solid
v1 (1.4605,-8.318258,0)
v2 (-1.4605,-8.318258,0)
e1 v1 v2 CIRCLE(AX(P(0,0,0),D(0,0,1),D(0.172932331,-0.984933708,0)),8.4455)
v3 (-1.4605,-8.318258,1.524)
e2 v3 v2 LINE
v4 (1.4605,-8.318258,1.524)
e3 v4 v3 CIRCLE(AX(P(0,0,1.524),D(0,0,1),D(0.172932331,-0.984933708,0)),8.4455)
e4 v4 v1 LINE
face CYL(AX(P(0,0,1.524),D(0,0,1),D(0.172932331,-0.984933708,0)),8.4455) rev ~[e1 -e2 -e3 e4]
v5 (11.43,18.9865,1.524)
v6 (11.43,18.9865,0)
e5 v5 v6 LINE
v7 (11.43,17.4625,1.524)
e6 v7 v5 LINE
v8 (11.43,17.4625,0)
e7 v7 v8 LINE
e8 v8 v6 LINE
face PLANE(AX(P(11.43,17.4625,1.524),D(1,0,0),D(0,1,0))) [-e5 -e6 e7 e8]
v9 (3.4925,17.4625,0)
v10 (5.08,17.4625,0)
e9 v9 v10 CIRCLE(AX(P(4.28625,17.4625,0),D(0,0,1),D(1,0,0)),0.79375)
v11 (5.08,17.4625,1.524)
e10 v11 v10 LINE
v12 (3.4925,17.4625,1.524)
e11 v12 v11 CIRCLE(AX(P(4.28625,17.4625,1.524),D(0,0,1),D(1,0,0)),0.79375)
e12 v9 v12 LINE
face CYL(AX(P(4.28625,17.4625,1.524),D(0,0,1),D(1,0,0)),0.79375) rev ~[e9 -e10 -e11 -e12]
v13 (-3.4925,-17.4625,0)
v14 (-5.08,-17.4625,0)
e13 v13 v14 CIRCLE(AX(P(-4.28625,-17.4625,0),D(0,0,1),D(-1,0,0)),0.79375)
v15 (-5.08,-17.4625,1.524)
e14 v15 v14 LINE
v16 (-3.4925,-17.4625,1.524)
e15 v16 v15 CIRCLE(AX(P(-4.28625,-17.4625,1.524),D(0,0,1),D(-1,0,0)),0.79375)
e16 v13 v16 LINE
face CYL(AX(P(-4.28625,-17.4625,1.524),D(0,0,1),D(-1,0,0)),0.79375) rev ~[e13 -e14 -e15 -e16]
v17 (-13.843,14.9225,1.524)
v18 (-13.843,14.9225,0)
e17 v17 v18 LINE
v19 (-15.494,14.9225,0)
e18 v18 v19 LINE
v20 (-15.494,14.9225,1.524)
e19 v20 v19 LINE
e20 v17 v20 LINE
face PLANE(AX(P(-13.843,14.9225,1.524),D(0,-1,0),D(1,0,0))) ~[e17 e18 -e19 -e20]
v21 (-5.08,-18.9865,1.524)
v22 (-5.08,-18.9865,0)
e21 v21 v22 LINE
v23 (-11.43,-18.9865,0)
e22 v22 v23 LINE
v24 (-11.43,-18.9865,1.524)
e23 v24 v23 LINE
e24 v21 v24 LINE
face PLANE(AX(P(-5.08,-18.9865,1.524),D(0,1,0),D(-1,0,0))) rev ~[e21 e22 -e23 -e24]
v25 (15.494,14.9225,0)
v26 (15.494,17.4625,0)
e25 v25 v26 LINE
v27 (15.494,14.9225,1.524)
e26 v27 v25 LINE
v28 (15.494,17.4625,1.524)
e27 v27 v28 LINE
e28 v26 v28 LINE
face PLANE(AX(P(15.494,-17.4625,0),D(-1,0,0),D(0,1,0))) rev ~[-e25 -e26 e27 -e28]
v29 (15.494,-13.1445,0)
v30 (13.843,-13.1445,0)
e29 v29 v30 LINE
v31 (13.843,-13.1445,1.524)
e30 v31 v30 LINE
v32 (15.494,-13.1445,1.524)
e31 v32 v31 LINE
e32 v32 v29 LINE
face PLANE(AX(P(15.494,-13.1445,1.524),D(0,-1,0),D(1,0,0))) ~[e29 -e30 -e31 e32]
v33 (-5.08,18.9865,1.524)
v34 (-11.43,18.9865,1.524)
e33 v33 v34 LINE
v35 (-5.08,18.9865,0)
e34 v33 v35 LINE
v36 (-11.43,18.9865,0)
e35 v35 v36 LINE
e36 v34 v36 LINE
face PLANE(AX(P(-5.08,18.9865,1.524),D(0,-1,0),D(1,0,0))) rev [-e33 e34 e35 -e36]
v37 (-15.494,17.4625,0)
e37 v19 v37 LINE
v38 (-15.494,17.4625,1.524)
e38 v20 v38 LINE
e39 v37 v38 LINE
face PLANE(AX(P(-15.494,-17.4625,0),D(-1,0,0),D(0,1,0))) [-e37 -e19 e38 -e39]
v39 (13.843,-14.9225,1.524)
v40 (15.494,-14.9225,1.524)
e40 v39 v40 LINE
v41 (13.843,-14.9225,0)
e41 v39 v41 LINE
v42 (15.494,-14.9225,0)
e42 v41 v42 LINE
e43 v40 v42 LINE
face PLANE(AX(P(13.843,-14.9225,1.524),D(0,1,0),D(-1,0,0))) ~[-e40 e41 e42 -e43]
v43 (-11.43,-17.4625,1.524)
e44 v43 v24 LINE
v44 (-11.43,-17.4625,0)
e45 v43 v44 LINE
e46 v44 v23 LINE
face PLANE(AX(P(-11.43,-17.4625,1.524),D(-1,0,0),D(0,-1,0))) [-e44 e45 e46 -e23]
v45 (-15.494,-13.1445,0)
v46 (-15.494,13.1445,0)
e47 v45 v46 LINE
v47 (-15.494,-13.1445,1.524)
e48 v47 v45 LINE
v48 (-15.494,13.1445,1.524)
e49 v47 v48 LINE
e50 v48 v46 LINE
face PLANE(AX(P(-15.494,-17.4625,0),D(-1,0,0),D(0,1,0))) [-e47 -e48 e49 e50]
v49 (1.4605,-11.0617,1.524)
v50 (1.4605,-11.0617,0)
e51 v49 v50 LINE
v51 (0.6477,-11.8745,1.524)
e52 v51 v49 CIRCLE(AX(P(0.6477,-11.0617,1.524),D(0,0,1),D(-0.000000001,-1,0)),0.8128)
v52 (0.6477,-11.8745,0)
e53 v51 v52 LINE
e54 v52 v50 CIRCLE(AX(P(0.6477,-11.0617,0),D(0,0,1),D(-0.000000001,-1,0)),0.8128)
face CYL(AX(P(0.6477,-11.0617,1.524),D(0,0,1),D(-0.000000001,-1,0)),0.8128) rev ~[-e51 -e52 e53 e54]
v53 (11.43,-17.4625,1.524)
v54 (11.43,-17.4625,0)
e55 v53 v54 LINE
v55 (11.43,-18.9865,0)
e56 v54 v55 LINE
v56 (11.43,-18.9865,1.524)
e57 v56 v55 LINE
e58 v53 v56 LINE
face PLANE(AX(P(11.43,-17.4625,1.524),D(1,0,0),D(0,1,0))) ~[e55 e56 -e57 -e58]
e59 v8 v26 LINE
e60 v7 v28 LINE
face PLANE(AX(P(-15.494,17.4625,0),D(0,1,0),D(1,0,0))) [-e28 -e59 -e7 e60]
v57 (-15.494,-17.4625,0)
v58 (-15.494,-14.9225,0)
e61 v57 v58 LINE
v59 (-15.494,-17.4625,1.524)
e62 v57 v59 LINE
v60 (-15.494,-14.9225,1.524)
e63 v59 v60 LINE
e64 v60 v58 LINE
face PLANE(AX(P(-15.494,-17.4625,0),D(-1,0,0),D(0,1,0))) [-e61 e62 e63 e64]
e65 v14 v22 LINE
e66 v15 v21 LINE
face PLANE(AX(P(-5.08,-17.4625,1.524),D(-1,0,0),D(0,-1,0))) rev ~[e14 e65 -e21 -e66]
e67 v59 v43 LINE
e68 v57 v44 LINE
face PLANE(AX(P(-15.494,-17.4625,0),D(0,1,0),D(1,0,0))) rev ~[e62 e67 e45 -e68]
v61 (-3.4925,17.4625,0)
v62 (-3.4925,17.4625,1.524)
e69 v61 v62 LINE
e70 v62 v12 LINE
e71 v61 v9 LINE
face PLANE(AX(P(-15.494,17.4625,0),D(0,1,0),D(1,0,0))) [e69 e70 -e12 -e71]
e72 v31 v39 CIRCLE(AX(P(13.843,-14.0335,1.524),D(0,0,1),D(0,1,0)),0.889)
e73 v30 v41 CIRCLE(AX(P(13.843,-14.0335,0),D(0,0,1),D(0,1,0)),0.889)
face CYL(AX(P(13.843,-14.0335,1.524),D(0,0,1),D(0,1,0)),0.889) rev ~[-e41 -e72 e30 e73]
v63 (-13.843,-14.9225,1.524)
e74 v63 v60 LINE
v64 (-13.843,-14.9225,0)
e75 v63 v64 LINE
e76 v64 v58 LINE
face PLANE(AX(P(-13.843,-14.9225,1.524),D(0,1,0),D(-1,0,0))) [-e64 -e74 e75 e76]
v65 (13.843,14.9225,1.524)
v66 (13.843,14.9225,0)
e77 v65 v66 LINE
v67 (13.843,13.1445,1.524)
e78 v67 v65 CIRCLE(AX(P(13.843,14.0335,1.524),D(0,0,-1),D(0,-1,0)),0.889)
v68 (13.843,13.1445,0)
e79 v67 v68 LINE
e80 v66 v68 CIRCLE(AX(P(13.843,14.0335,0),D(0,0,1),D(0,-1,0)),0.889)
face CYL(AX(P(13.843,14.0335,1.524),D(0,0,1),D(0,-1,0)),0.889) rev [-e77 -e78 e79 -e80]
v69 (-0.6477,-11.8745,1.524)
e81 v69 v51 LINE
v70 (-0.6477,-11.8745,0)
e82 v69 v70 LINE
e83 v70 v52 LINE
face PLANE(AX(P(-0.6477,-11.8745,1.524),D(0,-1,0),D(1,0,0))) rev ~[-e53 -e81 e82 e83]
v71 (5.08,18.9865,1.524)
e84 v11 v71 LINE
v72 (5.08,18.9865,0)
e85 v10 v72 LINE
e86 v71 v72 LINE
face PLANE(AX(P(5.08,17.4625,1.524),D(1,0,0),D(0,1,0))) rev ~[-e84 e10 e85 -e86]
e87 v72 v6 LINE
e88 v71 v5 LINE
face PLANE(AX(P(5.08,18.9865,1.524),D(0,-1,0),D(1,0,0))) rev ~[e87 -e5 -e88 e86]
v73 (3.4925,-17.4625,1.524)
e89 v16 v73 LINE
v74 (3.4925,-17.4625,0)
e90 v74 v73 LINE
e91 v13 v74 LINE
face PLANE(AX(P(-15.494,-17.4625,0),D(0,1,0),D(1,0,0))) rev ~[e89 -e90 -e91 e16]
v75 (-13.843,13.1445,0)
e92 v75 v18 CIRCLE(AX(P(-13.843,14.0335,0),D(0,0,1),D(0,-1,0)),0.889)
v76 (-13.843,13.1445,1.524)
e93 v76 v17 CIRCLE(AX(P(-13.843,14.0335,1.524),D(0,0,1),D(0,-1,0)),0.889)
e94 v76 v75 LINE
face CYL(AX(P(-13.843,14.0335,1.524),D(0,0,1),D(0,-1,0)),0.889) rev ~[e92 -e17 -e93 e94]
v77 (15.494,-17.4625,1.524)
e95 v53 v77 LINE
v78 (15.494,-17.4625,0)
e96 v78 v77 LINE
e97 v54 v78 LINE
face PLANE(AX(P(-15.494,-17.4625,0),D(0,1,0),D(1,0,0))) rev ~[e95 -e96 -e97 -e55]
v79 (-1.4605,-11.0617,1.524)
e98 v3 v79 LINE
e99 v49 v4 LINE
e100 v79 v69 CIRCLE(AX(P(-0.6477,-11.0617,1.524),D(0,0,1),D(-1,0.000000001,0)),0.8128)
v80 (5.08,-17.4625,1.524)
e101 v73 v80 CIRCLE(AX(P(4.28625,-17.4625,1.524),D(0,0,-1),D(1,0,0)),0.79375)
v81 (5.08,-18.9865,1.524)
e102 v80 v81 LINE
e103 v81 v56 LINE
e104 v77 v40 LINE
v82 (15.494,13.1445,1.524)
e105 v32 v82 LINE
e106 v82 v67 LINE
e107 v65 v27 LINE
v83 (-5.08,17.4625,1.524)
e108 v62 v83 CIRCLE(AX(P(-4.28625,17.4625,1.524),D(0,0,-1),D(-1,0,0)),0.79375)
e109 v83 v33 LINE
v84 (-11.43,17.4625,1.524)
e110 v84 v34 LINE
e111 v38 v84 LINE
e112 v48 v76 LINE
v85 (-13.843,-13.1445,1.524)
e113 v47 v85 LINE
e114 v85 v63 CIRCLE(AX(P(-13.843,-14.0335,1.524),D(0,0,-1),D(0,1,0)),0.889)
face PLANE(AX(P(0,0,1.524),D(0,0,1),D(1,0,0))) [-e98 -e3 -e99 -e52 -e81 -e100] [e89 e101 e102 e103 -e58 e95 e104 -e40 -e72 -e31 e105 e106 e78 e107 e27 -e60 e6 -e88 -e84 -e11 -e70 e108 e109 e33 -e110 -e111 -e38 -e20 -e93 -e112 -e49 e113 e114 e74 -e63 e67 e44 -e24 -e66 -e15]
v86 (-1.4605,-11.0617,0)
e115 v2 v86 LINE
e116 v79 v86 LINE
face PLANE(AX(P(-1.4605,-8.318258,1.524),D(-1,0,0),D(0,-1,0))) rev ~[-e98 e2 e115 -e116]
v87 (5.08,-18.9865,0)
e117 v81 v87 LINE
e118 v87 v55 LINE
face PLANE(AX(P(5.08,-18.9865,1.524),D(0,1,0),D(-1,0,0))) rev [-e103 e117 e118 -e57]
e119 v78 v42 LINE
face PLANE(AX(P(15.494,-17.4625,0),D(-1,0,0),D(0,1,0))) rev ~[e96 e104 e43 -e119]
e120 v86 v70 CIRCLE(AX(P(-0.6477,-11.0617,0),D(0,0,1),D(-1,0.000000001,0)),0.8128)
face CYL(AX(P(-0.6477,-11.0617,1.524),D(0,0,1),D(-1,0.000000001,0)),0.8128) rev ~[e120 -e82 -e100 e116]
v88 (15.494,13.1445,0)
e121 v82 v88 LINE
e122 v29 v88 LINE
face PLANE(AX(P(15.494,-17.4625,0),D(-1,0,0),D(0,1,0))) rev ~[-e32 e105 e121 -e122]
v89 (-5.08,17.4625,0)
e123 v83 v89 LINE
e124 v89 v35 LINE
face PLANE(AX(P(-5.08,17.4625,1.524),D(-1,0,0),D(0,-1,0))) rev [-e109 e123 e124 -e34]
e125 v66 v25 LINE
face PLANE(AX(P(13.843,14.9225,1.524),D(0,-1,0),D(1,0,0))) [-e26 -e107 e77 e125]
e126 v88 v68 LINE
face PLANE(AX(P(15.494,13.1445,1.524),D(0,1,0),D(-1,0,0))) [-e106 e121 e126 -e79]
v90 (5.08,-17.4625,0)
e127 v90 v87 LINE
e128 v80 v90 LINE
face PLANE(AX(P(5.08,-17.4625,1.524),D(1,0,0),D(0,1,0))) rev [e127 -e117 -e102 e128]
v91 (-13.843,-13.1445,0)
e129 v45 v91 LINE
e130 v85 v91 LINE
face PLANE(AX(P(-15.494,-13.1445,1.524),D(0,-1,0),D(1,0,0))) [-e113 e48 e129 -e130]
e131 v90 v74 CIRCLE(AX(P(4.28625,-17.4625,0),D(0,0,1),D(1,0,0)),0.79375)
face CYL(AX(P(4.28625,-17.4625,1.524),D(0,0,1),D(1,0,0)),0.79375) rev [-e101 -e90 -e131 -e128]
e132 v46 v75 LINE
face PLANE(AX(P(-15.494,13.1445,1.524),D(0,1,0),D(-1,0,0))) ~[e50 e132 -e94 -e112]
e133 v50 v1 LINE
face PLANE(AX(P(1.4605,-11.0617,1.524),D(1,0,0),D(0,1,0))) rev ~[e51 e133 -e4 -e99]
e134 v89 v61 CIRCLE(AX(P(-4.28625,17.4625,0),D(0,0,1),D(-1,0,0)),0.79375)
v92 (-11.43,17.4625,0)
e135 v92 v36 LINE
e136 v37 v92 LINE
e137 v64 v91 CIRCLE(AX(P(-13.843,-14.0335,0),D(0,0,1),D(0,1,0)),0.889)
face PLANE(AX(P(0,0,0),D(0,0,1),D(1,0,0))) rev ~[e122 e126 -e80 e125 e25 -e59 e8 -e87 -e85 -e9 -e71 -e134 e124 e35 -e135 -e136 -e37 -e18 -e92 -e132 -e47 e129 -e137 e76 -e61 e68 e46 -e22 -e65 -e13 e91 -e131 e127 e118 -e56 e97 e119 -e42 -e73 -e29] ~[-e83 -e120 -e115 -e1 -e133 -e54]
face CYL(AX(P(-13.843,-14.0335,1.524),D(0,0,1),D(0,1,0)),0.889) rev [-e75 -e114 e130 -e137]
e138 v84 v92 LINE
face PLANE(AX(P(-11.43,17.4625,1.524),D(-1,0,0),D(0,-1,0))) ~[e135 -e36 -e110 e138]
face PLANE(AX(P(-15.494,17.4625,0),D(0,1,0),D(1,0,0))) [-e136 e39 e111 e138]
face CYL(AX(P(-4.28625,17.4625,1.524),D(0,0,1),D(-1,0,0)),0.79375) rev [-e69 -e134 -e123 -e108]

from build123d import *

# Parameters (mm, degrees)
SKETCH1_W               = 30.988
SKETCH1_H               = 34.925
BOSS_EXTRUDE1_DEPTH     = 1.524
SKETCH2_R               = 8.4455
CUT_EXTRUDE1_DEPTH      = 24.39498917
CUT_EXTRUDE2_DEPTH      = 24.39498917
SKETCH4_W               = 6.35
SKETCH4_H               = 1.524
BOSS_EXTRUDE2_DEPTH     = 1.524
SKETCH4_3_R             = 0.79375
CUT_EXTRUDE3_DEPTH      = 25.553488433
MIRROR4_COPY_1_DEPTH    = 24.39498917
MIRROR4_COPY_2_SKETCH_W = 6.35
MIRROR4_COPY_2_SKETCH_H = 1.524
MIRROR4_COPY_2_DEPTH    = 1.524
MIRROR4_COPY_3_SKETCH_R = 0.79375
MIRROR4_COPY_3_DEPTH    = 25.553488433


with BuildPart() as part:
    # Sketch1 → Boss-Extrude1 (new body)
    with BuildSketch(Plane.XY):
        Rectangle(SKETCH1_W, SKETCH1_H)
    extrude(amount=BOSS_EXTRUDE1_DEPTH)

    # Sketch2 → Cut-Extrude1 (cut, through all)
    with BuildSketch(Plane.XY.offset(1.524)):
        Circle(SKETCH2_R)
        with BuildLine():
            ThreePointArc((1.4605, -8.31825763), (0, -8.4455), (-1.4605, -8.31825763))
            Line((-1.4605, -8.31825763), (-1.4605, -11.0617))
            ThreePointArc((-1.4605, -11.0617), (-1.222436392, -11.636436392), (-0.6477, -11.8745))
            Line((-0.6477, -11.8745), (0.6477, -11.8745))
            ThreePointArc((0.6477, -11.8745), (1.222436392, -11.636436392), (1.4605, -11.0617))
            Line((1.4605, -11.0617), (1.4605, -8.31825763))
        make_face()
    extrude(amount=-CUT_EXTRUDE1_DEPTH, mode=Mode.SUBTRACT)

    # Sketch3 → Cut-Extrude2 (cut, through all)
    with BuildSketch(Plane.XY.offset(1.524)):
        with BuildLine():
            Line((15.494, 13.1445), (13.843, 13.1445))
            ThreePointArc((13.843, 13.1445), (12.954, 14.0335), (13.843, 14.9225))
            Line((13.843, 14.9225), (15.494, 14.9225))
            ThreePointArc((15.494, 14.9225), (16.383, 14.0335), (15.494, 13.1445))
        make_face()
    cut_extrude2 = extrude(amount=-CUT_EXTRUDE2_DEPTH, mode=Mode.SUBTRACT)

    # Sketch4 → Boss-Extrude2 (add)
    with BuildSketch(Plane.XY.offset(1.524)):
        with Locations((8.255, 18.2245)):
            Rectangle(SKETCH4_W, SKETCH4_H)
    boss_extrude2 = extrude(amount=-BOSS_EXTRUDE2_DEPTH)

    # Sketch4<3> → Cut-Extrude3 (cut, through all)
    with BuildSketch(Plane.XY.offset(1.524)):
        with Locations((4.28625, 17.4625)):
            Circle(SKETCH4_3_R)
    cut_extrude3 = extrude(amount=-CUT_EXTRUDE3_DEPTH, mode=Mode.SUBTRACT)

    # Mirror3: Cut-Extrude2, Boss-Extrude2, Cut-Extrude3 across plane
    add(cut_extrude2.mirror(Plane.ZX), mode=Mode.SUBTRACT)
    add(boss_extrude2.mirror(Plane.ZX))
    add(cut_extrude3.mirror(Plane.ZX), mode=Mode.SUBTRACT)

    # Mirror4: Cut-Extrude2, Boss-Extrude2, Cut-Extrude3 across plane
    add(cut_extrude2.mirror(Plane(origin=(0, 0, 0), x_dir=(0, 0, 1), z_dir=(1, 0, 0))), mode=Mode.SUBTRACT)
    add(boss_extrude2.mirror(Plane(origin=(0, 0, 0), x_dir=(0, 0, 1), z_dir=(1, 0, 0))))
    add(cut_extrude3.mirror(Plane(origin=(0, 0, 0), x_dir=(0, 0, 1), z_dir=(1, 0, 0))), mode=Mode.SUBTRACT)

    # Mirror4 copy 1 sketch → Mirror4 copy 1 (cut, through all)
    with BuildSketch(Plane(origin=(0, 0, 1.524), x_dir=(-1, 0, 0), z_dir=(0, 0, 1))):
        with BuildLine():
            Line((15.494, 13.1445), (13.843, 13.1445))
            ThreePointArc((13.843, 13.1445), (12.954, 14.0335), (13.843, 14.9225))
            Line((13.843, 14.9225), (15.494, 14.9225))
            ThreePointArc((15.494, 14.9225), (16.383, 14.0335), (15.494, 13.1445))
        make_face()
    extrude(amount=-MIRROR4_COPY_1_DEPTH, mode=Mode.SUBTRACT)

    # Mirror4 copy 2 sketch → Mirror4 copy 2 (add)
    with BuildSketch(Plane(origin=(0, 0, 1.524), x_dir=(-1, 0, 0), z_dir=(0, 0, 1))):
        with Locations((8.255, 18.2245)):
            Rectangle(MIRROR4_COPY_2_SKETCH_W, MIRROR4_COPY_2_SKETCH_H)
    extrude(amount=-MIRROR4_COPY_2_DEPTH)

    # Mirror4 copy 3 sketch → Mirror4 copy 3 (cut, through all)
    with BuildSketch(Plane(origin=(0, 0, 1.524), x_dir=(-1, 0, 0), z_dir=(0, 0, 1))):
        with Locations((4.28625, 17.4625)):
            Circle(MIRROR4_COPY_3_SKETCH_R)
    extrude(amount=-MIRROR4_COPY_3_DEPTH, mode=Mode.SUBTRACT)


solid = part.part
